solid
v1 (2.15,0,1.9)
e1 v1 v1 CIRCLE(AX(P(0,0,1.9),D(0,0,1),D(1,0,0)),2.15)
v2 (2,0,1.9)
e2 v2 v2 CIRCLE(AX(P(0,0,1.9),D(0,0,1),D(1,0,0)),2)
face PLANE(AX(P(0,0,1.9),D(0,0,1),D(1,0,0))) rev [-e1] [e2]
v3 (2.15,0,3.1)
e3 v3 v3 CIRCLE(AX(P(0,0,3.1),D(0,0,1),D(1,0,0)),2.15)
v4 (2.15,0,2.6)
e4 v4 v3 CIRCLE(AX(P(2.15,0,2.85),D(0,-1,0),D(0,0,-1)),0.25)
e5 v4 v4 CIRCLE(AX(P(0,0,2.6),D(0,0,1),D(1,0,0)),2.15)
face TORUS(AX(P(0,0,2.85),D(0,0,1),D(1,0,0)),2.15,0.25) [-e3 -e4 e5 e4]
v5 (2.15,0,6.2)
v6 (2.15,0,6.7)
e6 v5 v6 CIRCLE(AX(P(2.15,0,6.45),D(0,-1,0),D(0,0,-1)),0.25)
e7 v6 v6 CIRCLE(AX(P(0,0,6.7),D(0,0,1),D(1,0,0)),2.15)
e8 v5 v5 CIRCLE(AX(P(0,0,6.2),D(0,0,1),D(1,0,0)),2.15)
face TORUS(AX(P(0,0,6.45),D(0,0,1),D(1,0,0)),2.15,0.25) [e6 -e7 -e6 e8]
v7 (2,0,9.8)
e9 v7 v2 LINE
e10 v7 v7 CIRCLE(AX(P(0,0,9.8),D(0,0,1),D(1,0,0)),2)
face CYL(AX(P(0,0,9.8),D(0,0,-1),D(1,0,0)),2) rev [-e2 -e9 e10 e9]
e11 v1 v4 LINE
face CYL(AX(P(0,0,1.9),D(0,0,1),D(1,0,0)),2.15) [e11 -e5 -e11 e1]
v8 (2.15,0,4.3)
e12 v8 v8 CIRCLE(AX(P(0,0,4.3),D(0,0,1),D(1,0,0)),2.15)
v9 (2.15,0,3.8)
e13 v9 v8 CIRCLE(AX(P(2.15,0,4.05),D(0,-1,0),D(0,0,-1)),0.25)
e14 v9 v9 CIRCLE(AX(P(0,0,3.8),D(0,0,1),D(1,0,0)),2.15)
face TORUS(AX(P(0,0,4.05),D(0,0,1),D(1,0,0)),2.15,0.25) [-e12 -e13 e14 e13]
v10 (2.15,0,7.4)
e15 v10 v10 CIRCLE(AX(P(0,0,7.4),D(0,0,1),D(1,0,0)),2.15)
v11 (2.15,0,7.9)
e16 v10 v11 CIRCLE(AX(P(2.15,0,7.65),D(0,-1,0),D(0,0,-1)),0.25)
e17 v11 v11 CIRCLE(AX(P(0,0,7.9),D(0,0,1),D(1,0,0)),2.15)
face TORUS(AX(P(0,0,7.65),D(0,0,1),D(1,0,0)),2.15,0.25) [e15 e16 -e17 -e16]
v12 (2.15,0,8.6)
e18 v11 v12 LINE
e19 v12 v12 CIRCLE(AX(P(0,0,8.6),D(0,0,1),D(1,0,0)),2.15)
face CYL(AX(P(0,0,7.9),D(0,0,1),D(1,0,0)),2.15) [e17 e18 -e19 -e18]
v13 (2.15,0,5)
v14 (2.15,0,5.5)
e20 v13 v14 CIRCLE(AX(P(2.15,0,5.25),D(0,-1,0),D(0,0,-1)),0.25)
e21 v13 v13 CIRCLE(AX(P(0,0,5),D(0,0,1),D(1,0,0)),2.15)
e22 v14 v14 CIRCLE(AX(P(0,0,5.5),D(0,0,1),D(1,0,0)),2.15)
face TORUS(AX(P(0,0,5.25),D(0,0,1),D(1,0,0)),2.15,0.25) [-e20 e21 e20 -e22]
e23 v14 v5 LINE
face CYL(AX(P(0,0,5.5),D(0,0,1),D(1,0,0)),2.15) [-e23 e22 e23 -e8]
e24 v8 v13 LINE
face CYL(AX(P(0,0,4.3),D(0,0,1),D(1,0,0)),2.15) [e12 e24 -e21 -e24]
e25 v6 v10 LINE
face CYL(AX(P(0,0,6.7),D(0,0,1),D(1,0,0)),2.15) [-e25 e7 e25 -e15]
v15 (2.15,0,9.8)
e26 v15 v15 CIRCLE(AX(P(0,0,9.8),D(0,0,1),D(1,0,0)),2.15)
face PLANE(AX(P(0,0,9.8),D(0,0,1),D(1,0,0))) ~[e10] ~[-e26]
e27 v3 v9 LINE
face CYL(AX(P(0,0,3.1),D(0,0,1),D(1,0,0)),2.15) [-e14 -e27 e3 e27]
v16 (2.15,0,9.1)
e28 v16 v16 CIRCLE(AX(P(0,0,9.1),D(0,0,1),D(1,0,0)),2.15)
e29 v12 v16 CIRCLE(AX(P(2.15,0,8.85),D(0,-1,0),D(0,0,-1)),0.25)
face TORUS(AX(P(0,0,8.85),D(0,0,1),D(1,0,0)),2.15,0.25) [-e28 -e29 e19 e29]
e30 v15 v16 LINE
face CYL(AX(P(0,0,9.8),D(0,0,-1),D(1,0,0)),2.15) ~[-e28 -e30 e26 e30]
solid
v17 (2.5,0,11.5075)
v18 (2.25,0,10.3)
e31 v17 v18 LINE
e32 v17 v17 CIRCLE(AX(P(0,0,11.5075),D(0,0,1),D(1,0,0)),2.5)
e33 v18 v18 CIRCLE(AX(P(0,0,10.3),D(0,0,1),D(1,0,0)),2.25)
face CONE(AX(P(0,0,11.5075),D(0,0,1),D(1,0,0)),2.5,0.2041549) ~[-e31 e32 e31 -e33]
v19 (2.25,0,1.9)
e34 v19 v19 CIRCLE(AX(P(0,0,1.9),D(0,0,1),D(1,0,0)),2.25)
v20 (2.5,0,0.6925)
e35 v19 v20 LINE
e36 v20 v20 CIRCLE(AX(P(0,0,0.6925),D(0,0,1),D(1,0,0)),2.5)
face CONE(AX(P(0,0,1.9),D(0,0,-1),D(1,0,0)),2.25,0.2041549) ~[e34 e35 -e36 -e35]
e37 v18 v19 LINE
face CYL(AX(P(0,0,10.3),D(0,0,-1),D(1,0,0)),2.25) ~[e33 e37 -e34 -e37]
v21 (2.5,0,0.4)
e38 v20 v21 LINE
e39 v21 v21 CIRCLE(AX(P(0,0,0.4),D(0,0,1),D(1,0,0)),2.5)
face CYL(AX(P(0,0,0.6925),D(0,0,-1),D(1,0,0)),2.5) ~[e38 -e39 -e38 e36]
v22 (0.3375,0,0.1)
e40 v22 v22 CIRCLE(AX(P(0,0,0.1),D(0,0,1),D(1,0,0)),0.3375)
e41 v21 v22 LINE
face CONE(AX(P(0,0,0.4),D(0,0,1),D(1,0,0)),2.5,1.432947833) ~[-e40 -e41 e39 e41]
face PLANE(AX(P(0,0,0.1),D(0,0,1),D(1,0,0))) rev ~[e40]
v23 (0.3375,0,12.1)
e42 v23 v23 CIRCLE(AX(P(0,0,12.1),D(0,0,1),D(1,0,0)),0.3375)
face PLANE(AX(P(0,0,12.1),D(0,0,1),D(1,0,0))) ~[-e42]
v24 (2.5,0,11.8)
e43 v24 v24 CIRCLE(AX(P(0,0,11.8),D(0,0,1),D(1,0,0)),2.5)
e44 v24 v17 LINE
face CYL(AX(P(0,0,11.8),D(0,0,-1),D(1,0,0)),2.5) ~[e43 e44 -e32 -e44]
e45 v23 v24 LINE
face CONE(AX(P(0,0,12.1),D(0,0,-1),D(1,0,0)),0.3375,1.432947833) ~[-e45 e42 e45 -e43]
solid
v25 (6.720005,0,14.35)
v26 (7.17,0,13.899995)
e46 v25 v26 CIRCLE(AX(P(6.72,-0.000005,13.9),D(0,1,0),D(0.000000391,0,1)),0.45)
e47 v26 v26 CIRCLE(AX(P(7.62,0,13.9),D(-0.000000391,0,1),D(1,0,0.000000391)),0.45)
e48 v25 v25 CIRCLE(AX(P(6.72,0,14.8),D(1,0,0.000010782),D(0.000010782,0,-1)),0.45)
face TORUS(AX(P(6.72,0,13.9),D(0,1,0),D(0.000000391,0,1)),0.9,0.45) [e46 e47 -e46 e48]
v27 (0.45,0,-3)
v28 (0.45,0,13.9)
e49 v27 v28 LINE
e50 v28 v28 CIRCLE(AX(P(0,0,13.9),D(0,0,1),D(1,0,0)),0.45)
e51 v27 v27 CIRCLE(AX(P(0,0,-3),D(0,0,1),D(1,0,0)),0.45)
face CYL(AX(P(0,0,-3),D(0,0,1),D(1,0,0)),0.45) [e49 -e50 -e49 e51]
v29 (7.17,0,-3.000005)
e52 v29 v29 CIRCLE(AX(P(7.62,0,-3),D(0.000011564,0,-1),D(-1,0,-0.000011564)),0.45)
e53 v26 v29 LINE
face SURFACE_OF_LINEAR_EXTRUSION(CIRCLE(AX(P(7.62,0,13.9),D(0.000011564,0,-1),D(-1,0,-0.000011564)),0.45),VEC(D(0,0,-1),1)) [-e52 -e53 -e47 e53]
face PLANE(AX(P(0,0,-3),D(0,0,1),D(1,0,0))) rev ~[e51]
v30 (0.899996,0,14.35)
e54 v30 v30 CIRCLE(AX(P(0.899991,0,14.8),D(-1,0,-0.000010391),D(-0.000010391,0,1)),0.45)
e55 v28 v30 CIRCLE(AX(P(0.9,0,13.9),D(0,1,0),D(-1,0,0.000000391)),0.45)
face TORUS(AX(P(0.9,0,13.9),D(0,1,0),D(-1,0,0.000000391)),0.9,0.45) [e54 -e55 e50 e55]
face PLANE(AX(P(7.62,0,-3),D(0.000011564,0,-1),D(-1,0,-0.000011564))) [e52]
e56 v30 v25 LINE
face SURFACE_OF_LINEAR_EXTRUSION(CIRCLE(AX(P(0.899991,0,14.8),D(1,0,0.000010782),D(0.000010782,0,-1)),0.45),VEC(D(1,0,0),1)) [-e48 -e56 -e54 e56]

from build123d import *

# Parameters (mm, degrees)
SKETCH_R = 0.45


with BuildPart() as sweep_body:
    # Sweep: sweep along a path in Sketch001
    with BuildLine(Plane.XZ) as sweep_path:
        Line((0, -3), (0, 13.9))
        ThreePointArc((0, 13.9), (0.263601, 14.536393), (0.899991, 14.8))
        Line((0.899991, 14.8), (6.72, 14.8))
        ThreePointArc((6.72, 14.8), (7.356396, 14.536396), (7.62, 13.9))
        Line((7.62, 13.9), (7.62, -3))
    # Sketch → Sweep (sweep)
    with BuildSketch(Plane.XY.offset(-2)):
        Circle(SKETCH_R)
    sweep(path=sweep_path.line)


with BuildPart() as revolution:
    # Sketch002 → Revolution (revolve)
    with BuildSketch(Plane.XZ):
        Polygon((0, 0.1), (0, 12.1), (0.3375, 12.1), (2.5, 11.8), (2.5, 11.5075), (2.25, 10.3), (2.25, 1.9), (2.5, 0.6925), (2.5, 0.4), (0.3375, 0.1), align=None)
    revolve(axis=Axis((0, 0, 0), (0, 0, 1)))


with BuildPart() as revolution001:
    # Sketch003 → Revolution001 (revolve)
    with BuildSketch(Plane.XZ):
        with BuildLine():
            Line((2, 9.8), (2, 1.9))
            Line((2, 1.9), (2.15, 1.9))
            Line((2.15, 1.9), (2.15, 2.6))
            ThreePointArc((2.15, 2.6), (2.4, 2.85), (2.15, 3.1))
            Line((2.15, 3.1), (2.15, 3.8))
            ThreePointArc((2.15, 3.8), (2.4, 4.05), (2.15, 4.3))
            Line((2.15, 4.3), (2.15, 5))
            ThreePointArc((2.15, 5), (2.4, 5.25), (2.15, 5.5))
            Line((2.15, 5.5), (2.15, 6.2))
            ThreePointArc((2.15, 6.2), (2.4, 6.45), (2.15, 6.7))
            Line((2.15, 6.7), (2.15, 7.4))
            ThreePointArc((2.15, 7.4), (2.4, 7.65), (2.15, 7.9))
            Line((2.15, 7.9), (2.15, 8.6))
            ThreePointArc((2.15, 8.6), (2.4, 8.85), (2.15, 9.1))
            Line((2.15, 9.8), (2.15, 9.1))
            Line((2, 9.8), (2.15, 9.8))
        make_face()
    revolve(axis=Axis((0, 0, 0), (0, 0, 1)))


solid = Compound([sweep_body.part, revolution.part, revolution001.part])
